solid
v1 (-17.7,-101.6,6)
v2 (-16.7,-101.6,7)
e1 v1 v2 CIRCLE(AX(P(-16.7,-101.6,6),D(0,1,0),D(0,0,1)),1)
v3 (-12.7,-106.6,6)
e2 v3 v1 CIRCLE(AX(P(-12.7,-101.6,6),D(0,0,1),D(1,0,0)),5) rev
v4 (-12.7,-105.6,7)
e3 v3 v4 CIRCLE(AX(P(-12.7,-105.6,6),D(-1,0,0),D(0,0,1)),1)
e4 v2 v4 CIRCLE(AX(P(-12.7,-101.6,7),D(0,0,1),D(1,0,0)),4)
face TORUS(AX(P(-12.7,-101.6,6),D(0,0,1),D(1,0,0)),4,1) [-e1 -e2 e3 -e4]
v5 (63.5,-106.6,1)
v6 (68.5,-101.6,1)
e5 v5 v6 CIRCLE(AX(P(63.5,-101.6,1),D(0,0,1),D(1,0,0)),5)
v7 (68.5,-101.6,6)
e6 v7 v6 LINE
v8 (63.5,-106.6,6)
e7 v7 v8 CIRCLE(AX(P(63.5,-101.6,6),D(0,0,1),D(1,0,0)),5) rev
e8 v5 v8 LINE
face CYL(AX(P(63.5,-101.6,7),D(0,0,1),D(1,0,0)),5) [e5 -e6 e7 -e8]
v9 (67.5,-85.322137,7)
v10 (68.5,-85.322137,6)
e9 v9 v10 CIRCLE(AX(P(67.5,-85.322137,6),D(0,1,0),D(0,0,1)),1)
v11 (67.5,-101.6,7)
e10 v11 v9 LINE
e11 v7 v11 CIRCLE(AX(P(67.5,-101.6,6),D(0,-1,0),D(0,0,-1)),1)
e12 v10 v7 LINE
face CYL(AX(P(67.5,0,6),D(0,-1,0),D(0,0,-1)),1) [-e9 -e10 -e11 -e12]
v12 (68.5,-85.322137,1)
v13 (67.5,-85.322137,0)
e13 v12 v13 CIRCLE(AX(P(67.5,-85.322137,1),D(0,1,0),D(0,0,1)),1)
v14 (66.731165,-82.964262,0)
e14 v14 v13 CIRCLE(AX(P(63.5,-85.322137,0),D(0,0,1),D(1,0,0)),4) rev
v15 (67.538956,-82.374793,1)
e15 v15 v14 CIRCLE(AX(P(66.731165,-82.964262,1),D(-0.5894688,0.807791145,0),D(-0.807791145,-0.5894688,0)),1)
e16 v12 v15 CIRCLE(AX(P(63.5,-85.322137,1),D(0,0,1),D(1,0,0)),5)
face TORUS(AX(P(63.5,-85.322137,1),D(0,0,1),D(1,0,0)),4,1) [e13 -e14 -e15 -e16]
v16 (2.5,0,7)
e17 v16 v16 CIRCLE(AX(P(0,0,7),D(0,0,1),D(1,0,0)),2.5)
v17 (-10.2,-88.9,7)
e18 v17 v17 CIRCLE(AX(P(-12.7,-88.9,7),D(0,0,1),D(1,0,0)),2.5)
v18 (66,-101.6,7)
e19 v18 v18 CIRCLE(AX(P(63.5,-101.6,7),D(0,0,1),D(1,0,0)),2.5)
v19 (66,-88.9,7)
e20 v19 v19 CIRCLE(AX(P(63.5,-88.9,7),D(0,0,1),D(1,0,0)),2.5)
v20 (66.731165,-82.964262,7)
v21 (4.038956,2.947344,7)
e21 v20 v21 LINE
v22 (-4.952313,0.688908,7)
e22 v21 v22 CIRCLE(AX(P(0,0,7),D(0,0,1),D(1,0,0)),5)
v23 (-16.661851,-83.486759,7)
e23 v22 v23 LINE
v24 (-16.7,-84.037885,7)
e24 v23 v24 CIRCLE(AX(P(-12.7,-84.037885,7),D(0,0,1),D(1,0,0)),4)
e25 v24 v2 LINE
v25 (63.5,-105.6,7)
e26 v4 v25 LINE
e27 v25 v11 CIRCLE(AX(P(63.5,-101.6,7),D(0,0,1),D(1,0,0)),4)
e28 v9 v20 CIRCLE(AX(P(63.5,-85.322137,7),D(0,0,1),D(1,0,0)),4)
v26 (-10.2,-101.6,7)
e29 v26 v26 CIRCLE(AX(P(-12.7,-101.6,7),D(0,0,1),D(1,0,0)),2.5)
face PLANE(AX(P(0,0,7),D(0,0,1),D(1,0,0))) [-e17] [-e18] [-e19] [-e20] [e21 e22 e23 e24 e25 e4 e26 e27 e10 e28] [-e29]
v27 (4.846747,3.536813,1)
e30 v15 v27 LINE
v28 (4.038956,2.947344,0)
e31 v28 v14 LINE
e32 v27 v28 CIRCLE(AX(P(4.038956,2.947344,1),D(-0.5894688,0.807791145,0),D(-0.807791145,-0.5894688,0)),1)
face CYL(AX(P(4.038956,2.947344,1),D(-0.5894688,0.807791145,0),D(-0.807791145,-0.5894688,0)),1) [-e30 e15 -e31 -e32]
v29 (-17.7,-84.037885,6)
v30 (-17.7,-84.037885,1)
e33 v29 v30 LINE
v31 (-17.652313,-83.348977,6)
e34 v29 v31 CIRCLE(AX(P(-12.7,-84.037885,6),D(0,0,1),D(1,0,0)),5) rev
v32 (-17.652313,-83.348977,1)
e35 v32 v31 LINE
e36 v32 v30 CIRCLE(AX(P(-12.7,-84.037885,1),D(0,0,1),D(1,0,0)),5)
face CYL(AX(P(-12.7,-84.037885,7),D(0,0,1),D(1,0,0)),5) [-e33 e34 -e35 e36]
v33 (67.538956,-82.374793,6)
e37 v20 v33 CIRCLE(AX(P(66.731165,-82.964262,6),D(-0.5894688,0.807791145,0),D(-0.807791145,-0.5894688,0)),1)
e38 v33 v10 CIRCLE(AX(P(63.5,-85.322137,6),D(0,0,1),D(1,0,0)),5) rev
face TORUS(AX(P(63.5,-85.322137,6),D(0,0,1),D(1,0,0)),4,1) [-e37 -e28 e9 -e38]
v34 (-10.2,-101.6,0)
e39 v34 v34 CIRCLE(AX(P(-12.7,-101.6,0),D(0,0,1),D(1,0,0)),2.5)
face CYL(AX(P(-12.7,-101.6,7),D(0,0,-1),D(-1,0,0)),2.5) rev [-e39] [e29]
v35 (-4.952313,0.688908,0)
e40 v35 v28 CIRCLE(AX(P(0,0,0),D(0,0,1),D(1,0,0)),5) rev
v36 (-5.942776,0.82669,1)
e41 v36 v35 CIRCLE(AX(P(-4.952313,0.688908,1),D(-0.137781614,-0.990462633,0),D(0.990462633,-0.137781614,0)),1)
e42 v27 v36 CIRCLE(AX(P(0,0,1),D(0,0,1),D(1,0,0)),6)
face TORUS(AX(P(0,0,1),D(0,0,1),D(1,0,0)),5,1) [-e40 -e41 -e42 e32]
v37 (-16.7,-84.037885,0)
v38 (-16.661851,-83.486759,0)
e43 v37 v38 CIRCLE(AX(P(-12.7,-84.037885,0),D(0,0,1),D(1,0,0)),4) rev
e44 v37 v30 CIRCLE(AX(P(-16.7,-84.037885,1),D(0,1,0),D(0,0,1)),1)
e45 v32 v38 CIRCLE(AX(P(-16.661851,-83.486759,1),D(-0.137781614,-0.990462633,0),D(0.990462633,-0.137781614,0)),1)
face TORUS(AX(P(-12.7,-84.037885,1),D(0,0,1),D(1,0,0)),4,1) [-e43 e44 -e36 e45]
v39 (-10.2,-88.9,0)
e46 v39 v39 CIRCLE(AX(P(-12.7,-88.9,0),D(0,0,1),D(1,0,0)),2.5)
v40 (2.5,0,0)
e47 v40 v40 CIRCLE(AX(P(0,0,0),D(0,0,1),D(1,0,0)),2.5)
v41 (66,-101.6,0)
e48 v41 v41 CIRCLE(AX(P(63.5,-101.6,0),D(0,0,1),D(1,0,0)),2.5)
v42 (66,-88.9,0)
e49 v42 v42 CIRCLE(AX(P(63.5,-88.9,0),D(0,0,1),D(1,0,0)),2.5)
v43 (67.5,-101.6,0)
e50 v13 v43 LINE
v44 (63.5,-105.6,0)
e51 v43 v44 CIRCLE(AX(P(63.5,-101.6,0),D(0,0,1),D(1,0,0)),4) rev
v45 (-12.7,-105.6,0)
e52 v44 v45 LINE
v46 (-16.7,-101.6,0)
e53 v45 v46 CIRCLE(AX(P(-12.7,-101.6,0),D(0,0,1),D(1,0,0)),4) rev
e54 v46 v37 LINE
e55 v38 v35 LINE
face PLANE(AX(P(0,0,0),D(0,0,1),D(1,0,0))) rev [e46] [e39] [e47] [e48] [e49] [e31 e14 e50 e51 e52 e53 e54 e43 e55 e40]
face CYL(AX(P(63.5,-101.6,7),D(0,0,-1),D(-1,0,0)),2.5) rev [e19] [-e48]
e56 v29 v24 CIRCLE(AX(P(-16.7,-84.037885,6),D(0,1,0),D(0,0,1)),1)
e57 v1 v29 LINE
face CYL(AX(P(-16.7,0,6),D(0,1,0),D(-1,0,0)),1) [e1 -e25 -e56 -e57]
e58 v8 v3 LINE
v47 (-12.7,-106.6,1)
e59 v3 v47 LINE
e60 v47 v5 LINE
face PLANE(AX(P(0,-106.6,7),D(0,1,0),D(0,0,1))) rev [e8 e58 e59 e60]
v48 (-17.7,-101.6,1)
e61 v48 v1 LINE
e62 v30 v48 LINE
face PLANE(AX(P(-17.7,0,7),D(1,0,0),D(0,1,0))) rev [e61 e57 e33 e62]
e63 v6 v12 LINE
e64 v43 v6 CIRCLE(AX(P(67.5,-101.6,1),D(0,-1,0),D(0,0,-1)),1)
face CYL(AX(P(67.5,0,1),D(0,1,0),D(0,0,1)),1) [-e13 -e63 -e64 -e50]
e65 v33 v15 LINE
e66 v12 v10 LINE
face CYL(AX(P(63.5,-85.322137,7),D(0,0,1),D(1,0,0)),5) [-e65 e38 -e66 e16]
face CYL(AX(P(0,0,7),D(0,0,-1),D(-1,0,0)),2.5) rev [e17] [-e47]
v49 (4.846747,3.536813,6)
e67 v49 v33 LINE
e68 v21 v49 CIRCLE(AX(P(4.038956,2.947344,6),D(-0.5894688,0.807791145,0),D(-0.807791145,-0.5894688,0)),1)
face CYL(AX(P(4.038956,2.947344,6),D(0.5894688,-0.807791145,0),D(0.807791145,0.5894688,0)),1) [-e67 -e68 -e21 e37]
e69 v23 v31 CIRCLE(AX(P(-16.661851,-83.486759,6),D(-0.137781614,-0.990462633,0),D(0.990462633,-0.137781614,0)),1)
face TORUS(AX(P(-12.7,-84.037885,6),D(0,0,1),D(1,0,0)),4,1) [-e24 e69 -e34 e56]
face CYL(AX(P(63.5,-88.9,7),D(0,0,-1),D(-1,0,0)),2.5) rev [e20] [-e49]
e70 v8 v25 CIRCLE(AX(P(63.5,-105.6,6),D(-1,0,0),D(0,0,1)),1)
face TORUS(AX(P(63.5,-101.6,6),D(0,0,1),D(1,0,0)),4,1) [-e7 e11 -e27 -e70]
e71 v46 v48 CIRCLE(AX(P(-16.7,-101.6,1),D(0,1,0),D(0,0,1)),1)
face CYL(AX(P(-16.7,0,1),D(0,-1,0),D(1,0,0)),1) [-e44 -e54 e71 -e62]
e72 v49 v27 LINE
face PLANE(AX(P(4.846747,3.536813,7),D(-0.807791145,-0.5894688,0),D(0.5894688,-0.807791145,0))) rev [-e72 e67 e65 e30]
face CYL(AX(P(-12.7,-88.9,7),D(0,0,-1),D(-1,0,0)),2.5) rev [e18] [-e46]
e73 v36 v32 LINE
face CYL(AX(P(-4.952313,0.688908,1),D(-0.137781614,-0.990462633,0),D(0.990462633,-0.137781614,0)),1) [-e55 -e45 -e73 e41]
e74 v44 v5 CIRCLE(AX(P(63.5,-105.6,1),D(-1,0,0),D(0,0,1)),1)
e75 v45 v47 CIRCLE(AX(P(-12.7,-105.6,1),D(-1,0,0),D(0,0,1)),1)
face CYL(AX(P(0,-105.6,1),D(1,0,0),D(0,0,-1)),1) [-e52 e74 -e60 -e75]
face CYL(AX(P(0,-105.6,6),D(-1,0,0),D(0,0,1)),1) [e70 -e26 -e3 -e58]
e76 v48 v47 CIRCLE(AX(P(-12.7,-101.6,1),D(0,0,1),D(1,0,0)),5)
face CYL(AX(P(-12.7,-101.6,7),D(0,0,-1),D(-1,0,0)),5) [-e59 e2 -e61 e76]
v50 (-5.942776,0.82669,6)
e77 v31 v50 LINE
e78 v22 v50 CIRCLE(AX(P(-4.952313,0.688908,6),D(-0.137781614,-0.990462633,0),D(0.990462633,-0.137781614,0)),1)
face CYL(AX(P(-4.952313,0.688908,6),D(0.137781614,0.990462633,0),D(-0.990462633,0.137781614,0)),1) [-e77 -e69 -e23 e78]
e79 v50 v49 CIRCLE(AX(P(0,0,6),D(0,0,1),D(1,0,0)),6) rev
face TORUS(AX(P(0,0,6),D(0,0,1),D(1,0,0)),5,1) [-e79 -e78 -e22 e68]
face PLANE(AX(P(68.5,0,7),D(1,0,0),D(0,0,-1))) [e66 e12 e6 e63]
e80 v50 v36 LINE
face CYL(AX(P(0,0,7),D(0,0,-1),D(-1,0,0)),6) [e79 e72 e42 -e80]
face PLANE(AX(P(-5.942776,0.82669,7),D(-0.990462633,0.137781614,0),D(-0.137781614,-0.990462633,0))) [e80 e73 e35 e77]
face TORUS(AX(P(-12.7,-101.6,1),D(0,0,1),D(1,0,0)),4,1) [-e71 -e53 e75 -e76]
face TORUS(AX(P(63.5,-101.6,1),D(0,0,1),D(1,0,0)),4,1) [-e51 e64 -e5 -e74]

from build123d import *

# Parameters (mm, degrees)
SKETCH1_R           = 2.5
SKETCH1_R_2         = 6
BOSS_EXTRUDE1_DEPTH = 7
FILLET1_R           = 5
FILLET2_R           = 1


with BuildPart() as part:
    # Sketch1 → Boss-Extrude1 (new body)
    # profile 1 of 2: a face of its own
    with BuildSketch(Plane.XY):
        with BuildLine():
            Line((-5.942775796, 0.826689684), (-17.7, -83.691780519))
            Line((-17.7, -83.691780519), (-17.7, -106.6))
            Line((-17.7, -106.6), (68.5, -106.6))
            Line((68.5, -106.6), (68.5, -83.691780519))
            Line((68.5, -83.691780519), (4.84674687, 3.5368128))
            ThreePointArc((4.84674687, 3.5368128), (5.704405369, 1.860042846), (6, 0))
            ThreePointArc((6, 0), (-0.414333936, -5.985676853), (-5.942775796, 0.826689684))
        make_face()
        with Locations((-12.7, -101.6)):
            Circle(SKETCH1_R, mode=Mode.SUBTRACT)
        with Locations((-12.7, -88.9)):
            Circle(SKETCH1_R, mode=Mode.SUBTRACT)
        with Locations((63.5, -101.6)):
            Circle(SKETCH1_R, mode=Mode.SUBTRACT)
        with Locations((63.5, -88.9)):
            Circle(SKETCH1_R, mode=Mode.SUBTRACT)
    # profile 2 of 2: a face of its own
    with BuildSketch(Plane.XY):
        Circle(SKETCH1_R_2)
        Circle(SKETCH1_R, mode=Mode.SUBTRACT)
    extrude(amount=BOSS_EXTRUDE1_DEPTH)

    # Fillet1
    fillet1_edges = [part.edges().sort_by_distance(p)[0] for p in [
        (68.5, -83.691780519, 3.5),
        (68.5, -106.6, 3.5),
        (-17.7, -106.6, 3.5),
        (-17.7, -83.691780519, 3.5),
    ]]
    fillet(fillet1_edges, radius=FILLET1_R)

    # Fillet2
    fillet2_edges = [part.edges().sort_by_distance(p)[0] for p in [
        (-1.461681114, 5.819234342, 7),
        (-1.461681114, 5.819234342, 0),
        (-17.7, -92.818942509, 0),
        (-17.7, -92.818942509, 7),
        (36.192851297, -39.418990098, 0),
        (68.5, -93.461068497, 0),
        (25.4, -106.6, 0),
        (-11.79754448, -41.261143632, 0),
        (-16.235533906, -105.135533906, 0),
        (67.035533906, -105.135533906, 0),
        (68.25367114, -83.77210129, 0),
        (-17.688064044, -83.692606737, 0),
        (-11.79754448, -41.261143632, 7),
        (36.192851297, -39.418990098, 7),
        (25.4, -106.6, 7),
        (68.5, -93.461068497, 7),
        (-16.235533906, -105.135533906, 7),
        (67.035533906, -105.135533906, 7),
        (68.25367114, -83.77210129, 7),
        (-17.688064044, -83.692606737, 7),
    ]]
    fillet(fillet2_edges, radius=FILLET2_R)


solid = part.part
